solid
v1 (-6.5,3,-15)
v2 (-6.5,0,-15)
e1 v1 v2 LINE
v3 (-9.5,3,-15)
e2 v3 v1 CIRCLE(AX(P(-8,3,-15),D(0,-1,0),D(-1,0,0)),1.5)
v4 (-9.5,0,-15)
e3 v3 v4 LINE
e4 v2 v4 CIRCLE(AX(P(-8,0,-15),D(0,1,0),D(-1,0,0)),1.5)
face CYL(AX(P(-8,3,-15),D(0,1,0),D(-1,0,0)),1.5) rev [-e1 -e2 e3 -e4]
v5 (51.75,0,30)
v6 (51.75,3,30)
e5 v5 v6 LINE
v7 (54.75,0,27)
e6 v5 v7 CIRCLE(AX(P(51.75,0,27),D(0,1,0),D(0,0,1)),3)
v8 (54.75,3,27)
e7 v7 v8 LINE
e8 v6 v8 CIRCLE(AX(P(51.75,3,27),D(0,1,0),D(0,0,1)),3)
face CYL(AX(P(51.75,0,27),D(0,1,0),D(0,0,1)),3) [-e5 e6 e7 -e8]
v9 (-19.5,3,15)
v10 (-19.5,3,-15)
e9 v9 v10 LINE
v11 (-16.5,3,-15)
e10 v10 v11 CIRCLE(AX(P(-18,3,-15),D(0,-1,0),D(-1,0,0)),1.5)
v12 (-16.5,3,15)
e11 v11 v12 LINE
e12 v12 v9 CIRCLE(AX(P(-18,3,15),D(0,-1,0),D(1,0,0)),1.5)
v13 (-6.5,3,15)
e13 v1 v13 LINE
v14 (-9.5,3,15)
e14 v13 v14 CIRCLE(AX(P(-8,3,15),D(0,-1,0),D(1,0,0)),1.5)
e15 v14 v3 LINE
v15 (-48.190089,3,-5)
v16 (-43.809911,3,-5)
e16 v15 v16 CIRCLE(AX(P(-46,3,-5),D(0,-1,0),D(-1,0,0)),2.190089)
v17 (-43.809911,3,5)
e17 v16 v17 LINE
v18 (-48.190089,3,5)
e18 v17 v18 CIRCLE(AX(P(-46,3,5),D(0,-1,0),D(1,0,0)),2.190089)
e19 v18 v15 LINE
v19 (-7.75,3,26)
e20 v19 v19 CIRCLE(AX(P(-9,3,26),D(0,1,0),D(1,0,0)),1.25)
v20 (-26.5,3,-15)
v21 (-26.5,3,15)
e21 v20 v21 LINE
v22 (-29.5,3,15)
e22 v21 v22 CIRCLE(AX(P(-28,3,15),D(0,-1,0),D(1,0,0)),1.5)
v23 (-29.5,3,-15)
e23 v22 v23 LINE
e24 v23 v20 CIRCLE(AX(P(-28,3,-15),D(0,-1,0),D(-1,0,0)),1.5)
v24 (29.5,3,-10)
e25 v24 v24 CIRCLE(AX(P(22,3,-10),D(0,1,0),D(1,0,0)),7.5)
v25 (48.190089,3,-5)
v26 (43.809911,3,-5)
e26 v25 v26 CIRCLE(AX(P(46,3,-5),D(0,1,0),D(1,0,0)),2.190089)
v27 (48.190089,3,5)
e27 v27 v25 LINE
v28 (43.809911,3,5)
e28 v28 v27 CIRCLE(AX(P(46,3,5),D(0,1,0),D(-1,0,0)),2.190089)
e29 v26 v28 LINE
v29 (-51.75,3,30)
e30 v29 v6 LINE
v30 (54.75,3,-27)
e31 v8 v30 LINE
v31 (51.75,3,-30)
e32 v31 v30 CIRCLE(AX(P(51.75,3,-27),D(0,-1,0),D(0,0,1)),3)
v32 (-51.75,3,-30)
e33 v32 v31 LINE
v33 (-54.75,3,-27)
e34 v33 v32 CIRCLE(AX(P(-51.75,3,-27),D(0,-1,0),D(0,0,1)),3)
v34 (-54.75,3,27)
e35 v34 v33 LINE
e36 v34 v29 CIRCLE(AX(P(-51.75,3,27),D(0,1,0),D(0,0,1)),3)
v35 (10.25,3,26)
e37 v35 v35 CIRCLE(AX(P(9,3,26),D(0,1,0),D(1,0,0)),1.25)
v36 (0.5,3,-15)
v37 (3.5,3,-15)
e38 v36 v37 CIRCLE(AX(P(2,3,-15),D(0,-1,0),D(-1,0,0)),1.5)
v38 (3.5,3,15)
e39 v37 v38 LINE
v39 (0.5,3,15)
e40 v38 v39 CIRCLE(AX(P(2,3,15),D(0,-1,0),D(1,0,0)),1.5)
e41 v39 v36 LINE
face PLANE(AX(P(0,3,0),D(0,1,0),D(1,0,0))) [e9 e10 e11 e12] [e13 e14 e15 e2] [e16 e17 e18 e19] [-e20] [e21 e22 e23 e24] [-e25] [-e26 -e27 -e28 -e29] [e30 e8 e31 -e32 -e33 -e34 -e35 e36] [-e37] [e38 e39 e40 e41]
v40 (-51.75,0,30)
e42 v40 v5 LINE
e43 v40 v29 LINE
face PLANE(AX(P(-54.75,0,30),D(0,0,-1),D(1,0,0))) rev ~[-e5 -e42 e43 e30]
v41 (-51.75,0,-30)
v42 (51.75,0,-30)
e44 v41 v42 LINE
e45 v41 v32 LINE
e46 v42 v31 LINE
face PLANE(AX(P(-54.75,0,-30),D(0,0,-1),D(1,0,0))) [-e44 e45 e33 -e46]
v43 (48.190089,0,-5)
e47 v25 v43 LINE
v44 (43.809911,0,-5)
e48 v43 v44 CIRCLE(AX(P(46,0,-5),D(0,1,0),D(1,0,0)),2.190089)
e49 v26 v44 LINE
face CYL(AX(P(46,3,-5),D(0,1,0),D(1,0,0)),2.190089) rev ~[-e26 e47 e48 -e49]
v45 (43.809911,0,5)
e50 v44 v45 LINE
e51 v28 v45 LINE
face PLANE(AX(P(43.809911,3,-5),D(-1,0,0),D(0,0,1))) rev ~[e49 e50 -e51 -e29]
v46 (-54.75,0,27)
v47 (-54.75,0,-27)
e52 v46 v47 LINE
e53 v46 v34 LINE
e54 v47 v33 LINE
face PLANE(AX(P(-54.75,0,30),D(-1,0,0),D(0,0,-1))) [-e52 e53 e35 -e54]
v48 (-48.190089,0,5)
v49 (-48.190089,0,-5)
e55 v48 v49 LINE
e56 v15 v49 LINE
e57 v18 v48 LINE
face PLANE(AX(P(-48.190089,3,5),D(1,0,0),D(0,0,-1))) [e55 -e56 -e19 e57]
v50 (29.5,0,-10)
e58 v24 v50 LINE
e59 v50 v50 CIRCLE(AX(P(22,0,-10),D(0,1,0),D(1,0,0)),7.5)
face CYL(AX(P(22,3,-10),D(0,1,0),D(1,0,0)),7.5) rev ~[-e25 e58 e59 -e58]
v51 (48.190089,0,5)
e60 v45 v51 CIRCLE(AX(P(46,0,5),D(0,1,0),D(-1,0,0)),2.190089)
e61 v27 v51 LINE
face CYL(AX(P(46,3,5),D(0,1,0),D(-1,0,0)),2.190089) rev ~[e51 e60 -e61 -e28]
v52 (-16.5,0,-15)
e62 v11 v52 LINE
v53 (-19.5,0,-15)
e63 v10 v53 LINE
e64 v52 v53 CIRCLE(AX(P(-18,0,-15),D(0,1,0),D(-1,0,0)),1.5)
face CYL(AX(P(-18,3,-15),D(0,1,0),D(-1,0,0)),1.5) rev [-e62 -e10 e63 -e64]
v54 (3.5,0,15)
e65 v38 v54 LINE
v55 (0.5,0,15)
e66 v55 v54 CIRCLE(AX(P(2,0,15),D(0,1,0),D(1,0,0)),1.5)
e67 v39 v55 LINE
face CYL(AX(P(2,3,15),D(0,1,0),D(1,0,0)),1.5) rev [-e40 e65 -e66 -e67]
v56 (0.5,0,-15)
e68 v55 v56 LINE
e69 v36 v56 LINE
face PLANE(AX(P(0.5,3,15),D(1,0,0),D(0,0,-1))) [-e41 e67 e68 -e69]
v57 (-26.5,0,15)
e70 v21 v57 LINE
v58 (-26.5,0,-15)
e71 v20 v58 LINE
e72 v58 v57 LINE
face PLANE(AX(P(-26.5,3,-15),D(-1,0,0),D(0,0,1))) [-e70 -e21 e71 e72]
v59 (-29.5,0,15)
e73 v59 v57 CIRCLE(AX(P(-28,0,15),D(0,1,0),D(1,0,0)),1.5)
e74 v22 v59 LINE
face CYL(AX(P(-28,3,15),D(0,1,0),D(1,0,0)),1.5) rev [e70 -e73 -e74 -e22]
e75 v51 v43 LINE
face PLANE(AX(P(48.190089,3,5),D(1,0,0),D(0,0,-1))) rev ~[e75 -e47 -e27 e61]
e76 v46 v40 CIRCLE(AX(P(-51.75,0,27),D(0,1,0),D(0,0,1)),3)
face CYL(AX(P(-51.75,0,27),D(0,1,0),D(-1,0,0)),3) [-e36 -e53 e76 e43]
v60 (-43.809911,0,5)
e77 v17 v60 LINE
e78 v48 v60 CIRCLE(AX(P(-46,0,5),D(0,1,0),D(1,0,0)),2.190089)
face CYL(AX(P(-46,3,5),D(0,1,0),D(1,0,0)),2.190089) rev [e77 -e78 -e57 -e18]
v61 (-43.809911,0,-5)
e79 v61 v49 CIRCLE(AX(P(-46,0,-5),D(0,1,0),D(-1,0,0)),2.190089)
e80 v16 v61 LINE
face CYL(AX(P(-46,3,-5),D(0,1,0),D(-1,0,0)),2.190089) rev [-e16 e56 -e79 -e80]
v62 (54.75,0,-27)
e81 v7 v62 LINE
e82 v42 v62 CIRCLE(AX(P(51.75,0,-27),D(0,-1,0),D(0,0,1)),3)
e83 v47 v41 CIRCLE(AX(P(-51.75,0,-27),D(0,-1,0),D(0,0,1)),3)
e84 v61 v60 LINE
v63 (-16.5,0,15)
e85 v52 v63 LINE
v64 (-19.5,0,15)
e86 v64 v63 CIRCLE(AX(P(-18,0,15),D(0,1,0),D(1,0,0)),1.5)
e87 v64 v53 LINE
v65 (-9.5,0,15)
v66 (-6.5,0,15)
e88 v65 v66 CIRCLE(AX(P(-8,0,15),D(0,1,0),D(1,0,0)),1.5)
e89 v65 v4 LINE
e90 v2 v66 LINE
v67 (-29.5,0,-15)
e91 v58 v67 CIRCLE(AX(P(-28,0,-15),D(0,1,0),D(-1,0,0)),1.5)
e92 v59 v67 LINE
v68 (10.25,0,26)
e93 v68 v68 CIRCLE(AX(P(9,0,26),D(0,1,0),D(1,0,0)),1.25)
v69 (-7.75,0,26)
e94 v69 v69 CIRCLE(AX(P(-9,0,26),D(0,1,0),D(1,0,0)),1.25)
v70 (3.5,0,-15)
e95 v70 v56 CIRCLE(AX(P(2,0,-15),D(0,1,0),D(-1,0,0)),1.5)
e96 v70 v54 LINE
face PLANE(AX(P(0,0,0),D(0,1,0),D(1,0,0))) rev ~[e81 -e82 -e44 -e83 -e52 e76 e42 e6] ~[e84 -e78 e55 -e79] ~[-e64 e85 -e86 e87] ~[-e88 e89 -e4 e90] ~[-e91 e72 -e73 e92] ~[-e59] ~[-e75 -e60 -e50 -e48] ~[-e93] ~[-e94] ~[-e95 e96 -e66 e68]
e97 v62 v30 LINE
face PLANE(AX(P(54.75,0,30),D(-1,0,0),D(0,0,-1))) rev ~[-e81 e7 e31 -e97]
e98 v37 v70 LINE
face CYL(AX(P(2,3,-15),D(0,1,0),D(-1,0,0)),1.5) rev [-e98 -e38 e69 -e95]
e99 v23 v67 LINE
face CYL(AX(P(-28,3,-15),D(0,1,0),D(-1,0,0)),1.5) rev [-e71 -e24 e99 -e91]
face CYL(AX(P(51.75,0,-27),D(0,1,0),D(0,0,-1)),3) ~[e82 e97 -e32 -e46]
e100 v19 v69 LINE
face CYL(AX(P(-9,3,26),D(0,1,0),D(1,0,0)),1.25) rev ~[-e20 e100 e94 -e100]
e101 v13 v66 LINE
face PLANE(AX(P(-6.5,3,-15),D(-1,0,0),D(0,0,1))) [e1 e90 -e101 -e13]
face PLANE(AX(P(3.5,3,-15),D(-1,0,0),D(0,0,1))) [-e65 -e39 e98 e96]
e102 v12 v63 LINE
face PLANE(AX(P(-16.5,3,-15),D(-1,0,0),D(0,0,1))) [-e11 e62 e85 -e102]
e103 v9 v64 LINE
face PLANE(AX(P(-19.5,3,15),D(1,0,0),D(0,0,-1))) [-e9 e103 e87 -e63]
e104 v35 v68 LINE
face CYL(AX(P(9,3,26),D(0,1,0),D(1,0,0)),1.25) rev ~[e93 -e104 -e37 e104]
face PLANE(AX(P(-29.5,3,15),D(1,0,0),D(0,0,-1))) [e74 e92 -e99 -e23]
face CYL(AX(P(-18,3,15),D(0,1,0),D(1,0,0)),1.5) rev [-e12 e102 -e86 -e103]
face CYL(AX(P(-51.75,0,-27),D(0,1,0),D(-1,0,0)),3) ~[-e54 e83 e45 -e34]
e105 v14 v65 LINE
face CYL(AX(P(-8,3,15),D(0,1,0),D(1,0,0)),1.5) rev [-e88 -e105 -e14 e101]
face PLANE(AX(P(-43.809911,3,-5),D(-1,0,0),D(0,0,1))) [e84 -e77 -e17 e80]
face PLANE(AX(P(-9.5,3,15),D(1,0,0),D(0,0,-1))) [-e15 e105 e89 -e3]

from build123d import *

# Parameters (mm, degrees)
SKETCH_1_W          = 109.5
SKETCH_1_H          = 60
EXTRUDE_1_DEPTH     = 3
SKETCH_2_R          = 1.25
CUT_EXTRUDE_1_DEPTH = 10
FILLET_1_R          = 3
CUT_EXTRUDE_2_DEPTH = 10
SKETCH_5_R          = 7.5
CUT_EXTRUDE_3_DEPTH = 10


with BuildPart() as part:
    # 草图1 → 凸台-拉伸1 (new body)
    with BuildSketch(Plane(origin=(0, 0, 0), x_dir=(1, 0, 0), z_dir=(0, 1, 0))):
        Rectangle(SKETCH_1_W, SKETCH_1_H)
    extrude(amount=EXTRUDE_1_DEPTH)

    # 草图2 → 切除-拉伸1 (cut)
    with BuildSketch(Plane(origin=(0, 3, 0), x_dir=(1, 0, 0), z_dir=(0, 1, 0))):
        with Locations((9, -26)):
            Circle(SKETCH_2_R)
        with Locations((-9, -26)):
            Circle(SKETCH_2_R)
    extrude(amount=-CUT_EXTRUDE_1_DEPTH, mode=Mode.SUBTRACT)

    # 圆角1
    fillet_1_edges = [part.edges().sort_by_distance(p)[0] for p in [
        (54.75, 1.5, 30),
        (-54.75, 1.5, 30),
        (-54.75, 1.5, -30),
        (54.75, 1.5, -30),
    ]]
    fillet(fillet_1_edges, radius=FILLET_1_R)

    # 草图3 → 切除-拉伸2 (cut)
    with BuildSketch(Plane(origin=(0, 3, 0), x_dir=(1, 0, 0), z_dir=(0, 1, 0))):
        with BuildLine():
            Line((-43.809910809, 5), (-43.809910809, -5))
            ThreePointArc((-43.809910809, -5), (-46, -7.190089191), (-48.190089191, -5))
            Line((-48.190089191, -5), (-48.190089191, 5))
            ThreePointArc((-48.190089191, 5), (-46, 7.190089191), (-43.809910809, 5))
        make_face()
        with BuildLine():
            Line((43.809910809, 5), (43.809910809, -5))
            ThreePointArc((43.809910809, -5), (46, -7.190089191), (48.190089191, -5))
            Line((48.190089191, -5), (48.190089191, 5))
            ThreePointArc((48.190089191, 5), (46, 7.190089191), (43.809910809, 5))
        make_face()
    extrude(amount=-CUT_EXTRUDE_2_DEPTH, mode=Mode.SUBTRACT)

    # 草图5 → 切除-拉伸3 (cut)
    with BuildSketch(Plane(origin=(0, 3, 0), x_dir=(1, 0, 0), z_dir=(0, 1, 0))):
        with Locations((22, 10)):
            Circle(SKETCH_5_R)
        with BuildLine():
            Line((-26.5, 15), (-26.5, -15))
            ThreePointArc((-26.5, -15), (-28, -16.5), (-29.5, -15))
            Line((-29.5, -15), (-29.5, 15))
            ThreePointArc((-29.5, 15), (-28, 16.5), (-26.5, 15))
        make_face()
        with BuildLine():
            Line((-16.5, 15), (-16.5, -15))
            ThreePointArc((-16.5, -15), (-18, -16.5), (-19.5, -15))
            Line((-19.5, -15), (-19.5, 15))
            ThreePointArc((-19.5, 15), (-18, 16.5), (-16.5, 15))
        make_face()
        with BuildLine():
            Line((-6.5, 15), (-6.5, -15))
            ThreePointArc((-6.5, -15), (-8, -16.5), (-9.5, -15))
            Line((-9.5, -15), (-9.5, 15))
            ThreePointArc((-9.5, 15), (-8, 16.5), (-6.5, 15))
        make_face()
        with BuildLine():
            Line((3.5, 15), (3.5, -15))
            ThreePointArc((3.5, -15), (2, -16.5), (0.5, -15))
            Line((0.5, -15), (0.5, 15))
            ThreePointArc((0.5, 15), (2, 16.5), (3.5, 15))
        make_face()
    extrude(amount=-CUT_EXTRUDE_3_DEPTH, mode=Mode.SUBTRACT)


solid = part.part
